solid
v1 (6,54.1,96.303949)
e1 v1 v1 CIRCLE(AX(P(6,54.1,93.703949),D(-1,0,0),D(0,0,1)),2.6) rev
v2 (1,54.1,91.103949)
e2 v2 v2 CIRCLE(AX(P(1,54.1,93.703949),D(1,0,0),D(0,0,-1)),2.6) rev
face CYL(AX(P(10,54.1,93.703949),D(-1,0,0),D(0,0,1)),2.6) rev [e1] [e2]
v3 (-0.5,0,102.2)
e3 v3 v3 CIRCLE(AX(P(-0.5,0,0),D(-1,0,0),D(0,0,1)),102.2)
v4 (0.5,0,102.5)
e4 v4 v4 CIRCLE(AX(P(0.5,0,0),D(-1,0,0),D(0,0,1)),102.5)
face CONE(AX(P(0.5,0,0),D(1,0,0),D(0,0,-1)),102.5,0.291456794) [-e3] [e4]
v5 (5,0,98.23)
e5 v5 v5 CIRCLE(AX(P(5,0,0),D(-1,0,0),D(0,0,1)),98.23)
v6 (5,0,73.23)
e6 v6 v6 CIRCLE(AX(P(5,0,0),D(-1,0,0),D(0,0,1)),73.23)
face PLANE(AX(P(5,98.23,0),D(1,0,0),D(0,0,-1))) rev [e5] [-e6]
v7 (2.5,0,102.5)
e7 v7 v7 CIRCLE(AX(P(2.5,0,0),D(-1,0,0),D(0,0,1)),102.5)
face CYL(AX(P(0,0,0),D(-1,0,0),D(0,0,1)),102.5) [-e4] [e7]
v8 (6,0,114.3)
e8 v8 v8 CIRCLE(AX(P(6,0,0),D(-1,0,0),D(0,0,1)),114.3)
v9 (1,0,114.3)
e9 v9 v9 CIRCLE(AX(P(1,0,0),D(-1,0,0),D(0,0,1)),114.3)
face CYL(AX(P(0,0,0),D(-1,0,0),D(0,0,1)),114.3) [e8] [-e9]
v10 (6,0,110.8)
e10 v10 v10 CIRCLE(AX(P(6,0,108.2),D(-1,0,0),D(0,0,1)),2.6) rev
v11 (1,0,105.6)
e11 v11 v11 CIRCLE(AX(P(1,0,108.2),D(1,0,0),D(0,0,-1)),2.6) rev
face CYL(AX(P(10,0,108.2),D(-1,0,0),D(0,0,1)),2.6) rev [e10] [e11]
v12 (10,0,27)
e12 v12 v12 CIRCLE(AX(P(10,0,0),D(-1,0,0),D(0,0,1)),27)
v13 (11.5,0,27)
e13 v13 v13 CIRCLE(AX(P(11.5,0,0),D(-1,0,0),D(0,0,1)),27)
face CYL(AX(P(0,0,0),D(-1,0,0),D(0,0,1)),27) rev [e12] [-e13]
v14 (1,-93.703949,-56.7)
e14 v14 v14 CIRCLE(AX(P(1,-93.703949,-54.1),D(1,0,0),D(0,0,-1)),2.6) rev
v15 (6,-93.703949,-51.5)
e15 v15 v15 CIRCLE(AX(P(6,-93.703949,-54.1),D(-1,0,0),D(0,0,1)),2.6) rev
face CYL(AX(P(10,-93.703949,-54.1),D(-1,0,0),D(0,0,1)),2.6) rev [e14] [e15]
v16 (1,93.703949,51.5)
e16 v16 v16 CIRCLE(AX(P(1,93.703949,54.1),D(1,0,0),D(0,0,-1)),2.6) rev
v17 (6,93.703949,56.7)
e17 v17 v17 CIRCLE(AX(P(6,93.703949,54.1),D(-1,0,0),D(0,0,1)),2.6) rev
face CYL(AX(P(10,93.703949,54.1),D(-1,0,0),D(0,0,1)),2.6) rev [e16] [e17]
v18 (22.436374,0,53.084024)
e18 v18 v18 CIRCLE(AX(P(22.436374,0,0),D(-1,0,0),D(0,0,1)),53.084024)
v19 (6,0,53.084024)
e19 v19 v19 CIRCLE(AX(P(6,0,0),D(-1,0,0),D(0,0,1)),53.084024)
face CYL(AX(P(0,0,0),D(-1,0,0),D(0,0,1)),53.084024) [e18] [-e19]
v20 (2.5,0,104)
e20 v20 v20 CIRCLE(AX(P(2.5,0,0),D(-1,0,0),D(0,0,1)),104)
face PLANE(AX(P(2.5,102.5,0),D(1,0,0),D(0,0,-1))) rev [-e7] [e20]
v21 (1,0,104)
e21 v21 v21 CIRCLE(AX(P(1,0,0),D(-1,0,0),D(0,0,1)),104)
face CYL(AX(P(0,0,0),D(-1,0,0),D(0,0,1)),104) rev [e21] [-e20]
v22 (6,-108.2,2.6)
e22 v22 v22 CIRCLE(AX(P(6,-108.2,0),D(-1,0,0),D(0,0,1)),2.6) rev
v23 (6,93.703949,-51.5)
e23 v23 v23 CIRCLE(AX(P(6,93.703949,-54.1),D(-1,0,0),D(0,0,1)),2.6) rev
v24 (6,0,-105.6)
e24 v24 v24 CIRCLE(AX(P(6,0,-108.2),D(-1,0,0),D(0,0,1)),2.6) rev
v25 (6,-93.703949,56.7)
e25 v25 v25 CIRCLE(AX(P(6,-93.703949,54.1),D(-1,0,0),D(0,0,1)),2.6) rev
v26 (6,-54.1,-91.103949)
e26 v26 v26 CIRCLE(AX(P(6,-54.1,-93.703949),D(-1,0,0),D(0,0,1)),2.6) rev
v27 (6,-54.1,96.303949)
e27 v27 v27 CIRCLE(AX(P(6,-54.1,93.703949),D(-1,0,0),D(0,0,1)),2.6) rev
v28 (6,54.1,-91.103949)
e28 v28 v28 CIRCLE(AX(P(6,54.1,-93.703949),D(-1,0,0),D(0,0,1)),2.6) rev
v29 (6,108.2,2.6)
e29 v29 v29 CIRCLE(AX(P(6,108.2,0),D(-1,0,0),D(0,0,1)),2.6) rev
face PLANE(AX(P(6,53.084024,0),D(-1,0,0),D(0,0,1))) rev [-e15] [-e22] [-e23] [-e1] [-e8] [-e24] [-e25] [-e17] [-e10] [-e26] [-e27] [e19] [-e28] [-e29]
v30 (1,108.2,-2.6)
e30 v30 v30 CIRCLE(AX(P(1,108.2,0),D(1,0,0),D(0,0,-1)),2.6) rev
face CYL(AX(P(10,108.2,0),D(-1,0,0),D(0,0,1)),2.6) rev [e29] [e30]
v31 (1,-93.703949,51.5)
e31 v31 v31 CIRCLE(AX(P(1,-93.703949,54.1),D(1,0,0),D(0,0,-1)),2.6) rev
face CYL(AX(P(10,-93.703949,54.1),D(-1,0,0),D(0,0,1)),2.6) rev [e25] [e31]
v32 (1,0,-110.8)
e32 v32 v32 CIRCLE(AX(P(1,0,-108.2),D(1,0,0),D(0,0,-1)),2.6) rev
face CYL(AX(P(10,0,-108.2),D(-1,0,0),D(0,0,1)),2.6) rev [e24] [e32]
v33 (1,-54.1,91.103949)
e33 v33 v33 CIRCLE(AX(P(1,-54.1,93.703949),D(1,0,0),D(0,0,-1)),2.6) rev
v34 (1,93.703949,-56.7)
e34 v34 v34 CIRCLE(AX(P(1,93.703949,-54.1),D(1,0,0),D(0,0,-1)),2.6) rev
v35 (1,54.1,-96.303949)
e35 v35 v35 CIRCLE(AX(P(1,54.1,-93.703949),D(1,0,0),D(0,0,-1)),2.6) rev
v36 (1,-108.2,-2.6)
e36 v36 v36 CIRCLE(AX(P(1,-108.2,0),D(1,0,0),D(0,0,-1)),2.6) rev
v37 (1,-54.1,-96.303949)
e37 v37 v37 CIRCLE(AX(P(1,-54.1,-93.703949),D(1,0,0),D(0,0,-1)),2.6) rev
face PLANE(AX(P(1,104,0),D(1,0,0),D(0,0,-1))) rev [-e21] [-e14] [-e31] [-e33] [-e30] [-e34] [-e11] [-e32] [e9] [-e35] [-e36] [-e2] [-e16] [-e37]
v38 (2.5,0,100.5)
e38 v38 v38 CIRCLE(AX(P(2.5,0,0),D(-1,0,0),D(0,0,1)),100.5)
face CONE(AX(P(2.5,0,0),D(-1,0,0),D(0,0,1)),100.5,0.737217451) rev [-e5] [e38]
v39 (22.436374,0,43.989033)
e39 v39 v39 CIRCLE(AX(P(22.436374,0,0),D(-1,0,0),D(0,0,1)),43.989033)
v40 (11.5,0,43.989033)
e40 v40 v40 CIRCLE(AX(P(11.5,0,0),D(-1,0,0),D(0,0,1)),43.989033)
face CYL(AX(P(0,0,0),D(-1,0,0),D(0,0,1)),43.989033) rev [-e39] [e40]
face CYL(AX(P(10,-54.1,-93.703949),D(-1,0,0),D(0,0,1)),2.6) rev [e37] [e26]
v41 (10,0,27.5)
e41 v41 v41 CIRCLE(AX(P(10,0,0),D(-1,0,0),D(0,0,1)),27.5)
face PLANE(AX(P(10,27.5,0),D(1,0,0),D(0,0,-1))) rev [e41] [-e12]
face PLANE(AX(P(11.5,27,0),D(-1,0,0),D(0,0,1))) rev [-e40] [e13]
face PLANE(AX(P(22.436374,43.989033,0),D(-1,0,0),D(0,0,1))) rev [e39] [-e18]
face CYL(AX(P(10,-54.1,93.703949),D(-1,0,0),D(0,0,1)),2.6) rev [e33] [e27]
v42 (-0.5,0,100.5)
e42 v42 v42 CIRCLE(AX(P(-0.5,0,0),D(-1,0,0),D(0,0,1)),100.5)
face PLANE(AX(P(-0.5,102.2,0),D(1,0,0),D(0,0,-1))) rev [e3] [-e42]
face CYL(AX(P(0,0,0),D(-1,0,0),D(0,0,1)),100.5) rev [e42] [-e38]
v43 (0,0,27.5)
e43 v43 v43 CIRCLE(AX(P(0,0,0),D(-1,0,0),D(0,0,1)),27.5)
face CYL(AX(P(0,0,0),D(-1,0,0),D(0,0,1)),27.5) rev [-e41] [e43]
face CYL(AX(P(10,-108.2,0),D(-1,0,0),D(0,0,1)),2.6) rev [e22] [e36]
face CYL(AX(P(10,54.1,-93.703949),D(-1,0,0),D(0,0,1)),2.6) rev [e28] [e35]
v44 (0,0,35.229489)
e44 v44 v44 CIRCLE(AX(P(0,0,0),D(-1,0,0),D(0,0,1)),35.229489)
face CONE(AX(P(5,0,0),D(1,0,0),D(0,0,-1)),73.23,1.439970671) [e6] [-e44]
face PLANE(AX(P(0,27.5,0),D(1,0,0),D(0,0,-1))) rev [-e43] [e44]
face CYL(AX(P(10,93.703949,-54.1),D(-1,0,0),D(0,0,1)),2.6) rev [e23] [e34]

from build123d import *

# Parameters (mm, degrees)
SKETCH2_R          = 2.6
CUT_EXTRUDE1_DEPTH = 10


with BuildPart() as part:
    # Sketch1 → Revolve1 (revolve)
    with BuildSketch(Plane.XY):
        Polygon((0, 27.5), (10, 27.5), (10, 27), (11.5, 27), (11.5, 43.989032899), (22.436374316, 43.989032899), (22.436374316, 53.08402355), (6, 53.08402355), (6, 114.3), (1, 114.3), (1, 104), (2.5, 104), (2.5, 102.5), (0.5, 102.5), (-0.5, 102.2), (-0.5, 100.5), (2.5, 100.5), (5, 98.23), (5, 73.23), (0, 35.229488808), align=None)
    revolve(axis=Axis((0, 0, 0), (1, 0, 0)))

    # Sketch2 → Cut-Extrude1 (cut)
    with BuildSketch(Plane(origin=(0, 0, 0), x_dir=(0, 0, -1), z_dir=(1, 0, 0))):
        with Locations((0, 108.2)):
            Circle(SKETCH2_R)
        with Locations((54.1, 93.703948689)):
            Circle(SKETCH2_R)
        with Locations((93.703948689, 54.1)):
            Circle(SKETCH2_R)
        with Locations((108.2, 0)):
            Circle(SKETCH2_R)
        with Locations((93.703948689, -54.1)):
            Circle(SKETCH2_R)
        with Locations((54.1, -93.703948689)):
            Circle(SKETCH2_R)
        with Locations((0, -108.2)):
            Circle(SKETCH2_R)
        with Locations((-54.1, -93.703948689)):
            Circle(SKETCH2_R)
        with Locations((-93.703948689, -54.1)):
            Circle(SKETCH2_R)
        with Locations((-108.2, 0)):
            Circle(SKETCH2_R)
        with Locations((-93.703948689, 54.1)):
            Circle(SKETCH2_R)
        with Locations((-54.1, 93.703948689)):
            Circle(SKETCH2_R)
    extrude(amount=CUT_EXTRUDE1_DEPTH, mode=Mode.SUBTRACT)


solid = part.part
